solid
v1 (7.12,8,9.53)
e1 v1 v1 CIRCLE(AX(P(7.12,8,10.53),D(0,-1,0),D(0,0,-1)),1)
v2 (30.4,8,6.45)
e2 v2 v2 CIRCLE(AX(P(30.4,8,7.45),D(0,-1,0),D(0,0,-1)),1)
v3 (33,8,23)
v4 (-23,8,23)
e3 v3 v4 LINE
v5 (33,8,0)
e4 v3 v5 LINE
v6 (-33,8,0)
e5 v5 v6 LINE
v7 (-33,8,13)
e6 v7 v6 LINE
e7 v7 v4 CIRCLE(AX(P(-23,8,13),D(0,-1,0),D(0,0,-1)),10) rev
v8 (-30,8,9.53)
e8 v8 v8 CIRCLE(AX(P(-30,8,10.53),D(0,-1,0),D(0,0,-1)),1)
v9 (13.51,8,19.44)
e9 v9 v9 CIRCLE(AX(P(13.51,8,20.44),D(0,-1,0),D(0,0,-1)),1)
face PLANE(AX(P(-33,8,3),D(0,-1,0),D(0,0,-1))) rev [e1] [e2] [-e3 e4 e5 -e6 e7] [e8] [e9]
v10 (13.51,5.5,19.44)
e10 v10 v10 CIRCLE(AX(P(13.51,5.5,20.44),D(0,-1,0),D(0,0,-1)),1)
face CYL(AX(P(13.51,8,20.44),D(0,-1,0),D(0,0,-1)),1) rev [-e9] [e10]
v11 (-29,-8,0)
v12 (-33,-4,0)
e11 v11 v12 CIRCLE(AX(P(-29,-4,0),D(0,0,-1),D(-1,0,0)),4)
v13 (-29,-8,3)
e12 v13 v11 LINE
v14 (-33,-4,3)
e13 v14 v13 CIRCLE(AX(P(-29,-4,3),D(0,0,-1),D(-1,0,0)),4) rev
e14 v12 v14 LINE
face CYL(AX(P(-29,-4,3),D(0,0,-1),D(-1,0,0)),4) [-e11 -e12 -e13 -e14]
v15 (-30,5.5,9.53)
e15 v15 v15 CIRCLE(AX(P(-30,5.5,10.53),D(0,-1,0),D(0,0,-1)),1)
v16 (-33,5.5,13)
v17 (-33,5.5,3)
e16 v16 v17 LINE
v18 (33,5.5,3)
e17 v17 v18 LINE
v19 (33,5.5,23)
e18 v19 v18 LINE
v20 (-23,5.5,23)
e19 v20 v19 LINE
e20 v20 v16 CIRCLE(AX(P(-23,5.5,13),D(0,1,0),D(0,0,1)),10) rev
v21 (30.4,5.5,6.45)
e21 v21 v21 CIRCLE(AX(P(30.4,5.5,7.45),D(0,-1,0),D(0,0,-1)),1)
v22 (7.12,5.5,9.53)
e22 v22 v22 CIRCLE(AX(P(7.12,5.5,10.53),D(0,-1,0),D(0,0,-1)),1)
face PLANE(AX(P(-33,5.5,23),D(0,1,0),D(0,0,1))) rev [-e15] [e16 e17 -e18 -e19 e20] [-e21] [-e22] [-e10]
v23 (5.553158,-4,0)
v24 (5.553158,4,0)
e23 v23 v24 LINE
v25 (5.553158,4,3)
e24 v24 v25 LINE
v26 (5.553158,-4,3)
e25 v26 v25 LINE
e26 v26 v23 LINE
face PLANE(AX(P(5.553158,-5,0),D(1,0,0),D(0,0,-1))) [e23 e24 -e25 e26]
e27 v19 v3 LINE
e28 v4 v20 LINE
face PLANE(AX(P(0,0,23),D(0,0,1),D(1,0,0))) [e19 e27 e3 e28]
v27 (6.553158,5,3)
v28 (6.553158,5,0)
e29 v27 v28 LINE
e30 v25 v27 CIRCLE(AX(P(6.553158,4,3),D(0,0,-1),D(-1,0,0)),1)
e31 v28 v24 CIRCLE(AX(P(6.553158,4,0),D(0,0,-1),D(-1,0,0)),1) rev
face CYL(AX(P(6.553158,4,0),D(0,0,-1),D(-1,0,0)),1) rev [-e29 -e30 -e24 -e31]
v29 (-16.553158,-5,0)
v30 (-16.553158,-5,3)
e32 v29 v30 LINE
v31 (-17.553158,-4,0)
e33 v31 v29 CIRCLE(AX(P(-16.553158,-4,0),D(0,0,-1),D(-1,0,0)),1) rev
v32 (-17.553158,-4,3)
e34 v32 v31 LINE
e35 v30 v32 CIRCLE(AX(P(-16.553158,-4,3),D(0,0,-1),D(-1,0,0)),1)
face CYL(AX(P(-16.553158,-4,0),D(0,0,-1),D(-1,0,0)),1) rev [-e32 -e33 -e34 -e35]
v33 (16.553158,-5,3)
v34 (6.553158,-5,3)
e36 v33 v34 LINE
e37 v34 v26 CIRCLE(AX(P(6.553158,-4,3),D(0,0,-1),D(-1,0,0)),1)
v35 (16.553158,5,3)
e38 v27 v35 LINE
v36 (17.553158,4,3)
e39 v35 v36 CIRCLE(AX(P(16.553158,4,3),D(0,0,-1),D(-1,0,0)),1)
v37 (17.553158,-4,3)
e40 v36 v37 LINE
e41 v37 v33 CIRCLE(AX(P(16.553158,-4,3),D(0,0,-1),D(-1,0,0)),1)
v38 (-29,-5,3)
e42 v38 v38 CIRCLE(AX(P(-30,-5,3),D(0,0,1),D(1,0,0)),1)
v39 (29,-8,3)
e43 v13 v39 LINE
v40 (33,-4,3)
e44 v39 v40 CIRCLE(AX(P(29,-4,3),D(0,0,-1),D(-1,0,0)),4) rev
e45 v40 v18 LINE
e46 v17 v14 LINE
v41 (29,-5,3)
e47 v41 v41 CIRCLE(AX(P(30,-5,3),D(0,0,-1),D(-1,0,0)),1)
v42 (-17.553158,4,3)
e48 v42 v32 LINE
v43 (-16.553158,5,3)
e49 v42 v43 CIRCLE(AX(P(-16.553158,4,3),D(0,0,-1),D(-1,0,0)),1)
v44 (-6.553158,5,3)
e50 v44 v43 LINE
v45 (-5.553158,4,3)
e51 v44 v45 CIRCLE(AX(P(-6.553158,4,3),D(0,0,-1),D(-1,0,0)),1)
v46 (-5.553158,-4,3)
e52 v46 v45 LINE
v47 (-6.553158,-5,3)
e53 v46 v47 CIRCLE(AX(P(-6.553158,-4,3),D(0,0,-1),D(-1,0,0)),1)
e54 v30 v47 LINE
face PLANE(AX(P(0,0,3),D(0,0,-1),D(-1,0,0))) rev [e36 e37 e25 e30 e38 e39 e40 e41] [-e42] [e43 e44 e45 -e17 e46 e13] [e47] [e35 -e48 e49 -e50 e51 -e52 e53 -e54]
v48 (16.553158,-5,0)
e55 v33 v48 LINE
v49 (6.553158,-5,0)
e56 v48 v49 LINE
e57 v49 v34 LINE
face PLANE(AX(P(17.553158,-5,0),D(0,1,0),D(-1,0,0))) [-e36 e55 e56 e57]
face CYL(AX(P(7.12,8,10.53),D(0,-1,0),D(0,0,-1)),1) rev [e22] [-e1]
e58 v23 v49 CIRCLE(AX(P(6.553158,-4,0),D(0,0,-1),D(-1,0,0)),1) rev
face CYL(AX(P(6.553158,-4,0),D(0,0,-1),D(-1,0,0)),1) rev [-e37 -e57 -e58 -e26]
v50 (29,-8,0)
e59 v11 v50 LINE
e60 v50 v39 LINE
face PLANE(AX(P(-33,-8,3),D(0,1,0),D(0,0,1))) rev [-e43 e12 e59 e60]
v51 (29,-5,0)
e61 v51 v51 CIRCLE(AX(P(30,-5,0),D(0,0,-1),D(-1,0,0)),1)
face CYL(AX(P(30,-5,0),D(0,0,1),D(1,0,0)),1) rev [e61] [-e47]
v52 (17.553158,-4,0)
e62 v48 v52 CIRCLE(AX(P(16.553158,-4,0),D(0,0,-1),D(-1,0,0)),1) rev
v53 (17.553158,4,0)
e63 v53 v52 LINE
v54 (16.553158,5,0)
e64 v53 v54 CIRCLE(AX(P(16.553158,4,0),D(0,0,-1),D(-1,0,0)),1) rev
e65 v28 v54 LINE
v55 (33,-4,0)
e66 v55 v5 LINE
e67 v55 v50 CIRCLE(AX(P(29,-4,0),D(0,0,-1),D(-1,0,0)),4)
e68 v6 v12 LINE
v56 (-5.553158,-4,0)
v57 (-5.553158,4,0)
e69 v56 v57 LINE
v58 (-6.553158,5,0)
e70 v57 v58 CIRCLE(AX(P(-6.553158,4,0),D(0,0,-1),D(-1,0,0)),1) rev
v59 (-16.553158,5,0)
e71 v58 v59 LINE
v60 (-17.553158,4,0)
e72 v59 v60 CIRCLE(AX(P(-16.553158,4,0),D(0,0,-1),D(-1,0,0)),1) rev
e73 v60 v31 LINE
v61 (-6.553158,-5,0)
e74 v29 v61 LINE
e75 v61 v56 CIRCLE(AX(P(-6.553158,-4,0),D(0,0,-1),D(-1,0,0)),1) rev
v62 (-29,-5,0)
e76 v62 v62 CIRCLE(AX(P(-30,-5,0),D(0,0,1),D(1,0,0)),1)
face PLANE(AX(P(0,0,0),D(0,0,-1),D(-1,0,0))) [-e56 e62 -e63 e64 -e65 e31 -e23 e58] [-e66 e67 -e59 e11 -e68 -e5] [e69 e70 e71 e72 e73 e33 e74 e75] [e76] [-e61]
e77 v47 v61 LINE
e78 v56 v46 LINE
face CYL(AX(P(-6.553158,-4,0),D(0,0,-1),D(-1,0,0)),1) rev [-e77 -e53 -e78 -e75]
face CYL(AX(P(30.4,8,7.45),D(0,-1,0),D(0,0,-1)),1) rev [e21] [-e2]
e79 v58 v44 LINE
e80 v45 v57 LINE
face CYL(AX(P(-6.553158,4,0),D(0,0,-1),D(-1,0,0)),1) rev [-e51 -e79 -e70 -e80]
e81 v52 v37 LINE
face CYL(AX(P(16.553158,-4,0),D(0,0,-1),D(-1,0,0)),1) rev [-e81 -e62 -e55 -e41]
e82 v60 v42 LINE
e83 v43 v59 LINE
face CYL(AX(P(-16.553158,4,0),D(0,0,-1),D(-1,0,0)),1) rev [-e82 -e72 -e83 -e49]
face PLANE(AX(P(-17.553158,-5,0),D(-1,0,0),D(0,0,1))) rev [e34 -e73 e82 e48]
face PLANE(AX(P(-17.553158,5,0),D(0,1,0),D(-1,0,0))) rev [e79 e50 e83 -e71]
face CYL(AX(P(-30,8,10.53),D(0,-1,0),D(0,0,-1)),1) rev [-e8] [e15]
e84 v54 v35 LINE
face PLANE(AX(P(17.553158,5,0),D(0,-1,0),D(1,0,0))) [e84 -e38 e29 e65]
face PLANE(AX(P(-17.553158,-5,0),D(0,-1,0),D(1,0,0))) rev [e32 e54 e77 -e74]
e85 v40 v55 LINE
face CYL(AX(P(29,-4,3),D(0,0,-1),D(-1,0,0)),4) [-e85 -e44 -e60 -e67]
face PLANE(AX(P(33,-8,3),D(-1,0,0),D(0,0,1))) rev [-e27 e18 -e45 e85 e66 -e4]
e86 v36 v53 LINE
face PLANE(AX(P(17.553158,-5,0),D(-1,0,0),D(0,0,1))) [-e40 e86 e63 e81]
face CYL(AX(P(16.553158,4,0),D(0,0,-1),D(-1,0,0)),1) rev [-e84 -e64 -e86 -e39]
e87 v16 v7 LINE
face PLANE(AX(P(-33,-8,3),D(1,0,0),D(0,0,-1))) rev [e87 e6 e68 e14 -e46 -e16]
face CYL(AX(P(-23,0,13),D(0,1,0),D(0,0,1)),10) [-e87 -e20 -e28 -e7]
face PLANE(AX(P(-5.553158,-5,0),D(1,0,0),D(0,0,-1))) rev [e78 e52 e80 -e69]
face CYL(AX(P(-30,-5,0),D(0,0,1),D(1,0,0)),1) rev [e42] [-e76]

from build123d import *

# Parameters (mm, degrees)
ESBO_O21_W               = 66
ESBO_O21_H               = 16
RESSALTO_EXTRUS_O1_DEPTH = 3
ESBO_O22_W               = 66
ESBO_O22_H               = 2.5
RESSALTO_EXTRUS_O2_DEPTH = 20
ESBO_O23_R               = 1
CORTE_EXTRUS_O9_DEPTH    = 43.429353047
ESBO_O24_R               = 1
ESBO_O24_W               = 12
ESBO_O24_H               = 10
CORTE_EXTRUS_O10_DEPTH   = 40.40812099
FILETE1_R                = 10
FILETE2_R                = 4
FILETE3_R                = 1


with BuildPart() as part:
    # Esboço21 → Ressalto-extrusão1 (new body)
    with BuildSketch(Plane.XY):
        Rectangle(ESBO_O21_W, ESBO_O21_H)
    extrude(amount=RESSALTO_EXTRUS_O1_DEPTH)

    # Esboço22 → Ressalto-extrusão2 (add)
    with BuildSketch(Plane.XY.offset(3)):
        with Locations((0, 6.75)):
            Rectangle(ESBO_O22_W, ESBO_O22_H)
    extrude(amount=RESSALTO_EXTRUS_O2_DEPTH)

    # Esboço23 → Corte-extrusão9 (cut, through all)
    with BuildSketch(Plane.XZ.offset(-5.5)):
        with Locations(Location((-30, 10.53, 0), (0, 0, 270))):
            Circle(ESBO_O23_R)
        with Locations(Location((7.12, 10.53, 0), (0, 0, 270))):
            Circle(ESBO_O23_R)
        with Locations(Location((30.4, 7.45, 0), (0, 0, 270))):
            Circle(ESBO_O23_R)
        with Locations(Location((13.51, 20.44, 0), (0, 0, 270))):
            Circle(ESBO_O23_R)
    extrude(amount=-CORTE_EXTRUS_O9_DEPTH, mode=Mode.SUBTRACT)

    # Esboço24 → Corte-extrusão10 (cut, through all)
    with BuildSketch(Plane.XY.offset(3)):
        with Locations((-30, -5)):
            Circle(ESBO_O24_R)
        with Locations((-11.55315781, 0)):
            Rectangle(ESBO_O24_W, ESBO_O24_H)
    corte_extrus_o10 = extrude(amount=-CORTE_EXTRUS_O10_DEPTH, mode=Mode.SUBTRACT)

    # Filete1
    filete1_edges = [part.edges().sort_by_distance(p)[0] for p in [
        (-33, 6.75, 23),
    ]]
    fillet(filete1_edges, radius=FILETE1_R)

    # Filete2
    filete2_edges = [part.edges().sort_by_distance(p)[0] for p in [
        (33, -8, 1.5),
        (-33, -8, 1.5),
    ]]
    fillet(filete2_edges, radius=FILETE2_R)

    # Espelhar1: Corte-extrusão10 across plane
    add(corte_extrus_o10.mirror(Plane(origin=(0, 0, 0), x_dir=(0, 0, 1), z_dir=(1, 0, 0))), mode=Mode.SUBTRACT)

    # Filete3
    filete3_edges = [part.edges().sort_by_distance(p)[0] for p in [
        (-5.55315781, 5, 1.5),
        (-5.55315781, -5, 1.5),
        (-17.55315781, -5, 1.5),
        (-17.55315781, 5, 1.5),
        (5.55315781, -5, 1.5),
        (5.55315781, 5, 1.5),
        (17.55315781, 5, 1.5),
        (17.55315781, -5, 1.5),
    ]]
    fillet(filete3_edges, radius=FILETE3_R)


solid = part.part
